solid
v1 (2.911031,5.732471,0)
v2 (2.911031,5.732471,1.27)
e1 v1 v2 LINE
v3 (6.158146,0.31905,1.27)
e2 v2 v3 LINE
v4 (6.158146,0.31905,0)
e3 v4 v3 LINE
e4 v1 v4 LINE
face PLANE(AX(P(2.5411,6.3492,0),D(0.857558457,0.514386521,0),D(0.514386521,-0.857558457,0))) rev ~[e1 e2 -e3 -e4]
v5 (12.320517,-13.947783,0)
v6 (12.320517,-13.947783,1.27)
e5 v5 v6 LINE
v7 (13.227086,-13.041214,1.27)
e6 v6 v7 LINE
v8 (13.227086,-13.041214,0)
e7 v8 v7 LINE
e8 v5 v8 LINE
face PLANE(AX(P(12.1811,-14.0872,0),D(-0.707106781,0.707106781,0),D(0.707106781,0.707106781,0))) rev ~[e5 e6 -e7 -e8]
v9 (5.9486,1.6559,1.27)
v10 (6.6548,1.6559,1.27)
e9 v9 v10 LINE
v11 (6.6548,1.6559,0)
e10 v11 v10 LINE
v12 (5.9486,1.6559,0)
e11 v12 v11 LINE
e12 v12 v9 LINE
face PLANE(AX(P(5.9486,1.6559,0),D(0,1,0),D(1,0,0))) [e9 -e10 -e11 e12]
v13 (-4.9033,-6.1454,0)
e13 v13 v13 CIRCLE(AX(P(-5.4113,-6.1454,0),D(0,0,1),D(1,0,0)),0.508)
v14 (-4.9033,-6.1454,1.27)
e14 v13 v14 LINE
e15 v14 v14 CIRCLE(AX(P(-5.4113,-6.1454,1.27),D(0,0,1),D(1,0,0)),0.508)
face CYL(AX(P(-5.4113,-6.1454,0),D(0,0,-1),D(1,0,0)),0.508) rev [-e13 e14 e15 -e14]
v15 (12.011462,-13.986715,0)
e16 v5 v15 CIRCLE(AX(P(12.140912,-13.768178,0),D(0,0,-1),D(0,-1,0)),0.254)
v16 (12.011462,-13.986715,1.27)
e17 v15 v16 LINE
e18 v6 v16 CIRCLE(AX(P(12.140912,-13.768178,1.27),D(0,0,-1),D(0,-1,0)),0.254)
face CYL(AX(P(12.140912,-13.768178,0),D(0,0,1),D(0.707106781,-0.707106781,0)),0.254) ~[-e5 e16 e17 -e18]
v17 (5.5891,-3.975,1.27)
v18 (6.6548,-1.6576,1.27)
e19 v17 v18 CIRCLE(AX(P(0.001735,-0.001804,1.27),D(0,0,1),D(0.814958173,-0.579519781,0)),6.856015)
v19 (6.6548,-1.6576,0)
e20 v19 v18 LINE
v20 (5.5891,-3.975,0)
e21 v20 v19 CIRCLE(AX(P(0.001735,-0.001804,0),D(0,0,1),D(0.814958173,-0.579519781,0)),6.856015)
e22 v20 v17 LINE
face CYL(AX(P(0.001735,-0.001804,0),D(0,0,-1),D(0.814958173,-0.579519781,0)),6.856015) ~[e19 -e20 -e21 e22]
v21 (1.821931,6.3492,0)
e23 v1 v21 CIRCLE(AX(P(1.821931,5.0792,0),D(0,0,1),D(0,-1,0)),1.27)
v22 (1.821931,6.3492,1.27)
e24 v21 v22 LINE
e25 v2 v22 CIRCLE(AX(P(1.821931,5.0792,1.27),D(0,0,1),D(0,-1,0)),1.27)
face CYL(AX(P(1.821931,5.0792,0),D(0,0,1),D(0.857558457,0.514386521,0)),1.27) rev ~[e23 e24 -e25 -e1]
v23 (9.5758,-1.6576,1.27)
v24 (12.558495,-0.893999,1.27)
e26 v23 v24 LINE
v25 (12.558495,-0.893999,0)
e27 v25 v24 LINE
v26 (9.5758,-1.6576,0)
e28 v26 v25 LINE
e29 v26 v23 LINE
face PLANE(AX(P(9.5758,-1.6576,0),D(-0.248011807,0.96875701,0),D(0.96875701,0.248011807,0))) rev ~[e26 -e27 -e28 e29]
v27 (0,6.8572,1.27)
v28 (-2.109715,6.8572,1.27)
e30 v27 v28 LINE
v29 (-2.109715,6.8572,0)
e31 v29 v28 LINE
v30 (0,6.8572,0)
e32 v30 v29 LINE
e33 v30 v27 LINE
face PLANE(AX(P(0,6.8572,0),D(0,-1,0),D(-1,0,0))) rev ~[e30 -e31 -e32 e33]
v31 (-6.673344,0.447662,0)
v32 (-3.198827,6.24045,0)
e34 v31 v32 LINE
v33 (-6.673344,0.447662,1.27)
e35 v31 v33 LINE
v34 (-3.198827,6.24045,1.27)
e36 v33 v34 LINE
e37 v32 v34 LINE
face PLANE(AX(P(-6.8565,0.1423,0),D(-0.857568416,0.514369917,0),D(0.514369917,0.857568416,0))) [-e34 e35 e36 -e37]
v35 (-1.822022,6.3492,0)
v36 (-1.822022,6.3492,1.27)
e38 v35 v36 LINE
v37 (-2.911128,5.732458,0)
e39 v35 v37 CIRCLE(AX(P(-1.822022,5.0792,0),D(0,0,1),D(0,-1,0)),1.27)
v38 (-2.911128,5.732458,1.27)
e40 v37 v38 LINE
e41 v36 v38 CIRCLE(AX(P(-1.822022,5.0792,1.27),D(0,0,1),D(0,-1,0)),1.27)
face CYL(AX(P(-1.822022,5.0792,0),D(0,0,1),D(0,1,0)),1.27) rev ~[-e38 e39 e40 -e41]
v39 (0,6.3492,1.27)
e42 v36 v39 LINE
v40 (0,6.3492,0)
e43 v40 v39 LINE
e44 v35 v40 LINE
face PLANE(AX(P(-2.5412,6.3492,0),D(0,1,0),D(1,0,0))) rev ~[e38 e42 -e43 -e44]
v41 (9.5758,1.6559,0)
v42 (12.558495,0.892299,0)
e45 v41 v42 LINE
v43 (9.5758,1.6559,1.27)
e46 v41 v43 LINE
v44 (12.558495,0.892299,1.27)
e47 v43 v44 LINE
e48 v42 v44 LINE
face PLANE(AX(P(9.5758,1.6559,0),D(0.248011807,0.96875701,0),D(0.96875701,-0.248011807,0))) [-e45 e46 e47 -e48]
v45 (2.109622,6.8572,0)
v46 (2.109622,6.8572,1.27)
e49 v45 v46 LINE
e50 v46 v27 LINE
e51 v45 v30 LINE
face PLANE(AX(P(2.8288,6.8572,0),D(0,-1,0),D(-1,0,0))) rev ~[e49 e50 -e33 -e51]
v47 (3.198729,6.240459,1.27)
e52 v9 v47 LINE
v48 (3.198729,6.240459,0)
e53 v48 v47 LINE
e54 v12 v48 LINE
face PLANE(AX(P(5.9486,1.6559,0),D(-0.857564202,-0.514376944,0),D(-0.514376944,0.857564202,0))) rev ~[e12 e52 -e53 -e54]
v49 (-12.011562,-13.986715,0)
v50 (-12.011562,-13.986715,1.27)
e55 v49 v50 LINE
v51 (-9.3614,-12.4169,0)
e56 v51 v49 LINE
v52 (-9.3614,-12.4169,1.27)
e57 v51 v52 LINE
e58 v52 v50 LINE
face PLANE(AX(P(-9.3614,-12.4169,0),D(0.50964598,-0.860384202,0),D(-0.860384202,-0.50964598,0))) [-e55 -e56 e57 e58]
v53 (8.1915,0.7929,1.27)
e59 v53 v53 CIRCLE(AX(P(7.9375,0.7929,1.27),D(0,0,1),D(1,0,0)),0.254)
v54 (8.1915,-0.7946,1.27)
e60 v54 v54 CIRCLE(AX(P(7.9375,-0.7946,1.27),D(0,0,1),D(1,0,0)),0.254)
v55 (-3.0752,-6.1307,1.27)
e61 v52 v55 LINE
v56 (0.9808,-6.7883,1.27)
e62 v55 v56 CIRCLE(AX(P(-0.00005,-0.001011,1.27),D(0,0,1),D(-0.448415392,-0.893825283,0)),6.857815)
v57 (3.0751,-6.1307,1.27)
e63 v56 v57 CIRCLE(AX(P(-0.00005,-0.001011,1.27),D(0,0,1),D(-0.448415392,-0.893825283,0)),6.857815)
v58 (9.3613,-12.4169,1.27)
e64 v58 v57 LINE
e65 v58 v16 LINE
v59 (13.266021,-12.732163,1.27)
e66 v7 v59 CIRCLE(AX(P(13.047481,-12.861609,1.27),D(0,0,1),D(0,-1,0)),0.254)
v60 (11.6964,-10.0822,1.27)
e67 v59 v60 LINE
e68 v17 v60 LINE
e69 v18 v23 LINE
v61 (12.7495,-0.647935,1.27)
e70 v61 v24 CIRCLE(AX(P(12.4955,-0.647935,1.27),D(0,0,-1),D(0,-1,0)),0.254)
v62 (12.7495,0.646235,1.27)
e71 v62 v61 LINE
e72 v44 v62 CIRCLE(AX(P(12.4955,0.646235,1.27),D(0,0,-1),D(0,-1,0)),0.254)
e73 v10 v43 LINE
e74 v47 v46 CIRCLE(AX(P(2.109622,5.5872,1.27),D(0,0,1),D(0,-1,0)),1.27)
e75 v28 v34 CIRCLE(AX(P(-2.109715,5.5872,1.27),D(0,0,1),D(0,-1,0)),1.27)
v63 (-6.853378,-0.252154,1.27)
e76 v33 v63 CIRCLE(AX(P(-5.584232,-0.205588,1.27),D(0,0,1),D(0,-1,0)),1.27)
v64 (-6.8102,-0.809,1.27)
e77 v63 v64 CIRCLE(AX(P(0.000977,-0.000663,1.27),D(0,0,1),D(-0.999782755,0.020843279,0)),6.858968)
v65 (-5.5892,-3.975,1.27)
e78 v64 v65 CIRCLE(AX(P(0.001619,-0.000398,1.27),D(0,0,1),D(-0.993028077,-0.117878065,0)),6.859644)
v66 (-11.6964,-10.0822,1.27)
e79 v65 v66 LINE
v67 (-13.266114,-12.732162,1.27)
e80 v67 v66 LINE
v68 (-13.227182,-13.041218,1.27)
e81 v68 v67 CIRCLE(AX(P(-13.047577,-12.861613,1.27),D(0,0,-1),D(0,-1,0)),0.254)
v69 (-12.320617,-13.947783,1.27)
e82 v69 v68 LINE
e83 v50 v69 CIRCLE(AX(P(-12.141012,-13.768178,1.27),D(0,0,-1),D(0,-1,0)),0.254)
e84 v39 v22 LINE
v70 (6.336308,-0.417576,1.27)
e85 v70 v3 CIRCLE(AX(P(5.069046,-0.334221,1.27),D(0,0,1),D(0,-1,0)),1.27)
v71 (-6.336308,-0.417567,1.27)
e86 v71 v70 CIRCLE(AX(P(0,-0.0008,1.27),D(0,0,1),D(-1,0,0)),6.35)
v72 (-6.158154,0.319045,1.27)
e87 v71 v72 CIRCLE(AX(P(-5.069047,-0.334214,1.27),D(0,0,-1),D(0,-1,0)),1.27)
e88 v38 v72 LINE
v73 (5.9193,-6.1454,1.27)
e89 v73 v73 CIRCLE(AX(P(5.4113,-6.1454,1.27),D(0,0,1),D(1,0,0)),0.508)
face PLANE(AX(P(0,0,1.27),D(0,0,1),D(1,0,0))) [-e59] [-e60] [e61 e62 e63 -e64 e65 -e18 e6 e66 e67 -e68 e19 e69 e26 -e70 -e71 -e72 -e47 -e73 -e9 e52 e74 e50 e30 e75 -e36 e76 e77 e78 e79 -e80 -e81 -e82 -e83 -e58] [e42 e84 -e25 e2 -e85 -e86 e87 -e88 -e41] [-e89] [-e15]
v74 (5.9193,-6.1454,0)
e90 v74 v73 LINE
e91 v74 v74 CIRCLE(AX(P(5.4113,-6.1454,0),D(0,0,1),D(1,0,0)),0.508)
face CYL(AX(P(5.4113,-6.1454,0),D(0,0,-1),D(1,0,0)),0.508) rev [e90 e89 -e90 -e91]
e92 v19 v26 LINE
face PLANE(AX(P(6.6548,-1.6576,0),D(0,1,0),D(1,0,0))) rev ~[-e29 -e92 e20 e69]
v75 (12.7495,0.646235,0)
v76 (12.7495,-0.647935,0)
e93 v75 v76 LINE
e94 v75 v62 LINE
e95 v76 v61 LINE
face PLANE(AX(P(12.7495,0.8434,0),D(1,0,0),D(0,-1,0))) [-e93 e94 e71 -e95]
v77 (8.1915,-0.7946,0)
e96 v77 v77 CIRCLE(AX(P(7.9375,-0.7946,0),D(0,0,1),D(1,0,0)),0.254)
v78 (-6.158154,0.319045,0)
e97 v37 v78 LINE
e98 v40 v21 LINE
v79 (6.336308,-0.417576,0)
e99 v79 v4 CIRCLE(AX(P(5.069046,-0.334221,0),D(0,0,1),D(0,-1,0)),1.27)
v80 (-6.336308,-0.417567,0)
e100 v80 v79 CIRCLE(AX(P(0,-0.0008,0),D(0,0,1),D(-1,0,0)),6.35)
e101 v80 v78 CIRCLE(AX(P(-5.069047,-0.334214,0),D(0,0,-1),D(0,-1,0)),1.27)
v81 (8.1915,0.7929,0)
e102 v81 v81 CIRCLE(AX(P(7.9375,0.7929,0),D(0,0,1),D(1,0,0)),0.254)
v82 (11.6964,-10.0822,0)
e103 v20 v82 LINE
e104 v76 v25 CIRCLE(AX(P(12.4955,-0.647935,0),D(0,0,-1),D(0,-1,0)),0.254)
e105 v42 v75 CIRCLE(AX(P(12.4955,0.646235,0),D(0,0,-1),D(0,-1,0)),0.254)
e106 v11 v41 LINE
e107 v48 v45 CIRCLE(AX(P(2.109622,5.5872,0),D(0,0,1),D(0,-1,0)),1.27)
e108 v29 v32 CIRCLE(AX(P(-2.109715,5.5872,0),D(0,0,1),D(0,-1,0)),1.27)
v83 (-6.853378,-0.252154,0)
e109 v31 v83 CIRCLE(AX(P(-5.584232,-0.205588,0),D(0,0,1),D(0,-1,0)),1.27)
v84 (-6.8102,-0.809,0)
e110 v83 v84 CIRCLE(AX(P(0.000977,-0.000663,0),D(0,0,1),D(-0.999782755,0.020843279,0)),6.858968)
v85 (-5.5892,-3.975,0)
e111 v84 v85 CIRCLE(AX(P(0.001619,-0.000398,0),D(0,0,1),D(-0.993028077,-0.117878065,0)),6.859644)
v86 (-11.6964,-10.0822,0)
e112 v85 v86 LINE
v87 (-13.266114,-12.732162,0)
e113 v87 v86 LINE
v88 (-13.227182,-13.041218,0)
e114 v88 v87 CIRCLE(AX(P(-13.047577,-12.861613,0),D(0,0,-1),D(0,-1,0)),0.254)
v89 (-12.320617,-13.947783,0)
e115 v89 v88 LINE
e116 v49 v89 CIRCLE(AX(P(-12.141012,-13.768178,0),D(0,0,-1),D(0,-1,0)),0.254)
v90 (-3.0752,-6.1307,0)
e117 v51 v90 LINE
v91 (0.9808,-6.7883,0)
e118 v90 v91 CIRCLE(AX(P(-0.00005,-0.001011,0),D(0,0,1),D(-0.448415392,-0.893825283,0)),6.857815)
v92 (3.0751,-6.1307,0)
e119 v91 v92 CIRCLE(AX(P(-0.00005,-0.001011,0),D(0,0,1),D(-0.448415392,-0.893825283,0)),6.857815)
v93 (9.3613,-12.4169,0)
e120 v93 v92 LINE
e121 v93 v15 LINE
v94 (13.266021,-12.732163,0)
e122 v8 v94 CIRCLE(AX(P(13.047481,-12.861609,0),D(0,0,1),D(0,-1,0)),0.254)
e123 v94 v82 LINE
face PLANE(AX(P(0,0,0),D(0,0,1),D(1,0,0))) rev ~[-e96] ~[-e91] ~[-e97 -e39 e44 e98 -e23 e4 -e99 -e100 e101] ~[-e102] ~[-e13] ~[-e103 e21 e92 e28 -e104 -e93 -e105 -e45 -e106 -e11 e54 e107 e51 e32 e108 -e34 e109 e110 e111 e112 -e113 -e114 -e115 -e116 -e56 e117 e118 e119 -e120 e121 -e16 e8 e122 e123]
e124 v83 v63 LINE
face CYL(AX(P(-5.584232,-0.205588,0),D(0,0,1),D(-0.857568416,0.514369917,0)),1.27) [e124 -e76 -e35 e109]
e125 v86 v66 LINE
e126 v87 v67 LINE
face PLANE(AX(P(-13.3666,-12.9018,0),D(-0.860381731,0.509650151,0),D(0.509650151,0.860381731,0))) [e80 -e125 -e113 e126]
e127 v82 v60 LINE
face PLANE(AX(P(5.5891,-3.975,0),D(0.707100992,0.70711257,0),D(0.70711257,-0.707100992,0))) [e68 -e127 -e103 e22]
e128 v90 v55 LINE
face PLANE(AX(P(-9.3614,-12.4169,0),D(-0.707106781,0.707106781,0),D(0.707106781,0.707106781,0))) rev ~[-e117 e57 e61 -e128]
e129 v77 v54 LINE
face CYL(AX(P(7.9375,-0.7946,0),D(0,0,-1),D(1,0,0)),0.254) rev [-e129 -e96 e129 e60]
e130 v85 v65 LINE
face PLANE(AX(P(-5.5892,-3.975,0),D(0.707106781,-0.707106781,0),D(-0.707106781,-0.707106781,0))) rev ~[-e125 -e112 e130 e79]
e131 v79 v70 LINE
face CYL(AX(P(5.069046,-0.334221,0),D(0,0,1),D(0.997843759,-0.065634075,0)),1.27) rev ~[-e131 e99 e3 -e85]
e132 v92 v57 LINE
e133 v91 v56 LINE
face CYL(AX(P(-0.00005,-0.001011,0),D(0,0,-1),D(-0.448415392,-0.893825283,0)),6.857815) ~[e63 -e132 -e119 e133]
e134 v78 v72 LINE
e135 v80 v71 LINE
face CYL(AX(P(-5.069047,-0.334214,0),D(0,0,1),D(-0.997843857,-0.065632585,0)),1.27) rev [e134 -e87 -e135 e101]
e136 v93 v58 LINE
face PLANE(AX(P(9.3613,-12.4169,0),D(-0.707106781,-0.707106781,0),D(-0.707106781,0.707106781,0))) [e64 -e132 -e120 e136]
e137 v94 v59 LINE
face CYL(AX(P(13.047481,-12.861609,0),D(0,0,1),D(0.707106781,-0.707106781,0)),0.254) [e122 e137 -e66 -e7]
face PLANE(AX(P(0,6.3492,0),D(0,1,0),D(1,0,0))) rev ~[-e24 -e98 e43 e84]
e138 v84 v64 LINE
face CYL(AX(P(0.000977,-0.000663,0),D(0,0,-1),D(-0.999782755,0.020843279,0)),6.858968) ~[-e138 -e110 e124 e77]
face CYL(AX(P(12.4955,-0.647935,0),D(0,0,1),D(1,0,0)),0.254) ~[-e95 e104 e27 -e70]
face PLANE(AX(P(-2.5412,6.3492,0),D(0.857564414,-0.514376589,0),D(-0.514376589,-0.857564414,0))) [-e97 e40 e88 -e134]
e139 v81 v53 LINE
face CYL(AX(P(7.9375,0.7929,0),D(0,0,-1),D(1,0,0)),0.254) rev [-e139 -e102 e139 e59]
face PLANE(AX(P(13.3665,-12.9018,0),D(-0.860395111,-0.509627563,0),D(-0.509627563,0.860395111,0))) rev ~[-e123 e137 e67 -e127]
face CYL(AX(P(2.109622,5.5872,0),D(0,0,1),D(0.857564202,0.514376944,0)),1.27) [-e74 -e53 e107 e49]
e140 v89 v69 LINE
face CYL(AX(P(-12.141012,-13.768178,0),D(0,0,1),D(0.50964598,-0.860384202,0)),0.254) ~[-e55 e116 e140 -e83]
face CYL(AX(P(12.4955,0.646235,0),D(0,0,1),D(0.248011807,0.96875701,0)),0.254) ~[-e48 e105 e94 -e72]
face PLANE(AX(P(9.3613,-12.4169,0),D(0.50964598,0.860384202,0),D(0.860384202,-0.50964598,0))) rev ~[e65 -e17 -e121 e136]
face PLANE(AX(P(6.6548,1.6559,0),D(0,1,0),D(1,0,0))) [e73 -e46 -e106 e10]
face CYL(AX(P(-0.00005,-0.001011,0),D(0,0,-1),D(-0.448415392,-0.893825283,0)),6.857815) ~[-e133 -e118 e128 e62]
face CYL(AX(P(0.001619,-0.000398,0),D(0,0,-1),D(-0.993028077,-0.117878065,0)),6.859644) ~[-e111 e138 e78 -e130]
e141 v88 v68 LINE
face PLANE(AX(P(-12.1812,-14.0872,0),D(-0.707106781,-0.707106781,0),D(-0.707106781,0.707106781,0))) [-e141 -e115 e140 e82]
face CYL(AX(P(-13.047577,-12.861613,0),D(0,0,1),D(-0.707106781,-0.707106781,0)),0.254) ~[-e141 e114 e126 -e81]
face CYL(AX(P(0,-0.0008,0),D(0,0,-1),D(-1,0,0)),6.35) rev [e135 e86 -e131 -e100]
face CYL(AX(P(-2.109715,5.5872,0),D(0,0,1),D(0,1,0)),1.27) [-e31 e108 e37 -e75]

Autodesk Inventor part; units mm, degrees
ref_plane "YZ Plane" through (0, 0, 0) normal (1, 0, 0) x (0, 1, 0)
ref_plane "XZ Plane" through (0, 0, 0) normal (0, 1, 0) x (-1, 0, 0)
ref_plane "XY Plane" through (0, 0, 0) normal (0, 0, 1) x (1, 0, 0)
sketch "Sketch1" plane through (0, 0, 0) normal (0, 0, 1) x (1, 0, 0)
  line L0 (0, 9.6891) -> (0, -0.0008) construction
  arc A0 (-6.35, -0.0008) -> (6.35, -0.0008) centre (0, -0.0008) ccw
  line L1 (9.3613, -12.4169) -> (3.0751, -6.1307)
  line L2 (5.5891, -3.975) -> (11.6964, -10.0822)
  line L3 (9.3613, -12.4169) -> (12.1811, -14.0872)
  line L4 (12.1811, -14.0872) -> (13.3665, -12.9018)
  line L5 (13.3665, -12.9018) -> (11.6964, -10.0822)
  line L6 (19.3321, -0.0008) -> (-6.0679, -0.0008) construction
  arc A1 (-3.0752, -6.1307) -> (3.0751, -6.1307) centre (0, -0.0008) ccw
  arc A2 (0.9808, -6.7883) -> (3.0751, -6.1307) centre (0, -0.0008) ccw
  arc A3 (-6.8102, -0.809) -> (-5.5892, -3.975) centre (0, -0.0008) ccw
  arc A4 (5.5891, -3.975) -> (6.6548, -1.6576) centre (0, -0.0008) ccw
  arc A5 (5.5891, -3.975) -> (6.6548, -1.6576) centre (0, -0.0008) ccw
  line L7 (5.5891, -3.975) -> (21.5654, -3.975) construction
  line L8 (-9.3614, -12.4169) -> (-3.0752, -6.1307)
  line L9 (-5.5892, -3.975) -> (-11.6964, -10.0822)
  line L10 (-9.3614, -12.4169) -> (-12.1812, -14.0872)
  line L11 (-12.1812, -14.0872) -> (-13.3666, -12.9018)
  line L12 (-13.3666, -12.9018) -> (-11.6964, -10.0822)
  line L13 (9.5758, 1.6559) -> (12.7495, 0.8434)
  line L14 (6.6548, 1.6559) -> (9.5758, 1.6559)
  line L15 (9.5758, -1.6576) -> (12.7495, -0.8451)
  line L16 (6.6548, -1.6576) -> (9.5758, -1.6576)
  circle A6 centre (7.9375, -0.7946) radius 0.254
  circle A7 centre (7.9375, 0.7929) radius 0.254
  circle A8 centre (-5.4113, -6.1454) radius 0.508
  line L17 (12.7495, 0.8434) -> (12.7495, -0.8451)
  circle A9 centre (5.4113, -6.1454) radius 0.508
  line L18 (-2.5412, 6.3492) -> (2.5411, 6.3492)
  line L19 (2.5411, 6.3492) -> (6.35, -0.0008)
  line L20 (5.9486, 1.6559) -> (6.6548, 1.6559)
  line L21 (5.9486, 1.6559) -> (2.8288, 6.8572)
  line L22 (2.8288, 6.8572) -> (-2.8289, 6.8572)
  arc A10 (-6.8565, 0.1423) -> (-5.5892, -3.975) centre (0, -0.0008) ccw
  line L23 (0, 6.3492) -> (-2.5412, 6.3492)
  line L24 (-2.5412, 6.3492) -> (-6.35, -0.0008)
  line L25 (-6.8565, 0.1423) -> (-2.8289, 6.8572)
  line L26 (-2.8289, 6.8572) -> (0, 6.8572)
  point P0 (13.4194, -0.6736)
  point P1 (13.4673, -0.0008)
  point P2 (0, 7.922)
  dimension "GapSize" = 3.048
  dimension "d35" = 12.7
  dimension "d72" = 8.89
  dimension "d73" = 3.2774
  dimension "d77" = 194.36
  dimension "d78" = 1.6764
  dimension "d115" = 90
  dimension "d127" = 0.508
  dimension "d128" = 165.64
  dimension "d154" = 3.302
  dimension "d160" = 3.276
  dimension "d166" = 0.508
  dimension "d168" = 7.9375
  dimension "d169" = 0.863
  dimension "d176" = 1.016
  dimension "d182" = 3.3135
  dimension "d184" = 1.6885
  dimension "d191" = 2.921
  dimension "d234" = 24.3623
  dimension "d238" = 0.508
  dimension "d239" = 0.508
  dimension "d240" = 0.508
  dimension "d241" = 25.4
  dimension "d242" = 0.508
extrude "Extrusion9" add sketch "Sketch1" along normal blind 1.27
fillet "Fillet67" radius 0.254 1 edges at (12.7495, 0.8434, 0.635)
fillet "Fillet68" radius 0.254 1 edges at (12.7495, -0.8451, 0.635)
fillet "Fillet69" radius 1.27 1 edges at (6.35, -0.0008, 0.635)
fillet "Fillet70" radius 1.27 1 edges at (2.8288, 6.8572, 0.635)
fillet "Fillet71" radius 1.27 1 edges at (-2.8289, 6.8572, 0.635)
fillet "Fillet72" radius 1.27 1 edges at (-6.8565, 0.1423, 0.635)
fillet "Fillet73" radius 1.27 1 edges at (-6.35, -0.0008, 0.635)
fillet "Fillet74" radius 1.27 1 edges at (2.5411, 6.3492, 0.635)
fillet "Fillet75" radius 1.27 1 edges at (-2.5412, 6.3492, 0.635)
fillet "Fillet76" radius 0.254 1 edges at (13.3665, -12.9018, 0.635)
fillet "Fillet77" radius 0.254 1 edges at (12.1811, -14.0872, 0.635)
fillet "Fillet78" radius 0.254 1 edges at (-12.1812, -14.0872, 0.635)
fillet "Fillet79" radius 0.254 1 edges at (-13.3666, -12.9018, 0.635)
equation "\"GapSize\" = Thickness"
equation "\"BendRadius\" = Thickness"
equation "\"BendReliefWidth\" = Thickness"
equation "\"BendReliefDepth\" = 0.5 * Thickness"
equation "\"CornerReliefSize\" = 4 * Thickness"
equation "\"MinimumRemnant\" = 2 * Thickness"
equation "\"TransitionRadius\" = BendRadius"
equation "\"JacobiRadiusSize\" = BendRadius"
equation "\"Thickness\" = 3.048"
properties part number "PearHeadbar"
